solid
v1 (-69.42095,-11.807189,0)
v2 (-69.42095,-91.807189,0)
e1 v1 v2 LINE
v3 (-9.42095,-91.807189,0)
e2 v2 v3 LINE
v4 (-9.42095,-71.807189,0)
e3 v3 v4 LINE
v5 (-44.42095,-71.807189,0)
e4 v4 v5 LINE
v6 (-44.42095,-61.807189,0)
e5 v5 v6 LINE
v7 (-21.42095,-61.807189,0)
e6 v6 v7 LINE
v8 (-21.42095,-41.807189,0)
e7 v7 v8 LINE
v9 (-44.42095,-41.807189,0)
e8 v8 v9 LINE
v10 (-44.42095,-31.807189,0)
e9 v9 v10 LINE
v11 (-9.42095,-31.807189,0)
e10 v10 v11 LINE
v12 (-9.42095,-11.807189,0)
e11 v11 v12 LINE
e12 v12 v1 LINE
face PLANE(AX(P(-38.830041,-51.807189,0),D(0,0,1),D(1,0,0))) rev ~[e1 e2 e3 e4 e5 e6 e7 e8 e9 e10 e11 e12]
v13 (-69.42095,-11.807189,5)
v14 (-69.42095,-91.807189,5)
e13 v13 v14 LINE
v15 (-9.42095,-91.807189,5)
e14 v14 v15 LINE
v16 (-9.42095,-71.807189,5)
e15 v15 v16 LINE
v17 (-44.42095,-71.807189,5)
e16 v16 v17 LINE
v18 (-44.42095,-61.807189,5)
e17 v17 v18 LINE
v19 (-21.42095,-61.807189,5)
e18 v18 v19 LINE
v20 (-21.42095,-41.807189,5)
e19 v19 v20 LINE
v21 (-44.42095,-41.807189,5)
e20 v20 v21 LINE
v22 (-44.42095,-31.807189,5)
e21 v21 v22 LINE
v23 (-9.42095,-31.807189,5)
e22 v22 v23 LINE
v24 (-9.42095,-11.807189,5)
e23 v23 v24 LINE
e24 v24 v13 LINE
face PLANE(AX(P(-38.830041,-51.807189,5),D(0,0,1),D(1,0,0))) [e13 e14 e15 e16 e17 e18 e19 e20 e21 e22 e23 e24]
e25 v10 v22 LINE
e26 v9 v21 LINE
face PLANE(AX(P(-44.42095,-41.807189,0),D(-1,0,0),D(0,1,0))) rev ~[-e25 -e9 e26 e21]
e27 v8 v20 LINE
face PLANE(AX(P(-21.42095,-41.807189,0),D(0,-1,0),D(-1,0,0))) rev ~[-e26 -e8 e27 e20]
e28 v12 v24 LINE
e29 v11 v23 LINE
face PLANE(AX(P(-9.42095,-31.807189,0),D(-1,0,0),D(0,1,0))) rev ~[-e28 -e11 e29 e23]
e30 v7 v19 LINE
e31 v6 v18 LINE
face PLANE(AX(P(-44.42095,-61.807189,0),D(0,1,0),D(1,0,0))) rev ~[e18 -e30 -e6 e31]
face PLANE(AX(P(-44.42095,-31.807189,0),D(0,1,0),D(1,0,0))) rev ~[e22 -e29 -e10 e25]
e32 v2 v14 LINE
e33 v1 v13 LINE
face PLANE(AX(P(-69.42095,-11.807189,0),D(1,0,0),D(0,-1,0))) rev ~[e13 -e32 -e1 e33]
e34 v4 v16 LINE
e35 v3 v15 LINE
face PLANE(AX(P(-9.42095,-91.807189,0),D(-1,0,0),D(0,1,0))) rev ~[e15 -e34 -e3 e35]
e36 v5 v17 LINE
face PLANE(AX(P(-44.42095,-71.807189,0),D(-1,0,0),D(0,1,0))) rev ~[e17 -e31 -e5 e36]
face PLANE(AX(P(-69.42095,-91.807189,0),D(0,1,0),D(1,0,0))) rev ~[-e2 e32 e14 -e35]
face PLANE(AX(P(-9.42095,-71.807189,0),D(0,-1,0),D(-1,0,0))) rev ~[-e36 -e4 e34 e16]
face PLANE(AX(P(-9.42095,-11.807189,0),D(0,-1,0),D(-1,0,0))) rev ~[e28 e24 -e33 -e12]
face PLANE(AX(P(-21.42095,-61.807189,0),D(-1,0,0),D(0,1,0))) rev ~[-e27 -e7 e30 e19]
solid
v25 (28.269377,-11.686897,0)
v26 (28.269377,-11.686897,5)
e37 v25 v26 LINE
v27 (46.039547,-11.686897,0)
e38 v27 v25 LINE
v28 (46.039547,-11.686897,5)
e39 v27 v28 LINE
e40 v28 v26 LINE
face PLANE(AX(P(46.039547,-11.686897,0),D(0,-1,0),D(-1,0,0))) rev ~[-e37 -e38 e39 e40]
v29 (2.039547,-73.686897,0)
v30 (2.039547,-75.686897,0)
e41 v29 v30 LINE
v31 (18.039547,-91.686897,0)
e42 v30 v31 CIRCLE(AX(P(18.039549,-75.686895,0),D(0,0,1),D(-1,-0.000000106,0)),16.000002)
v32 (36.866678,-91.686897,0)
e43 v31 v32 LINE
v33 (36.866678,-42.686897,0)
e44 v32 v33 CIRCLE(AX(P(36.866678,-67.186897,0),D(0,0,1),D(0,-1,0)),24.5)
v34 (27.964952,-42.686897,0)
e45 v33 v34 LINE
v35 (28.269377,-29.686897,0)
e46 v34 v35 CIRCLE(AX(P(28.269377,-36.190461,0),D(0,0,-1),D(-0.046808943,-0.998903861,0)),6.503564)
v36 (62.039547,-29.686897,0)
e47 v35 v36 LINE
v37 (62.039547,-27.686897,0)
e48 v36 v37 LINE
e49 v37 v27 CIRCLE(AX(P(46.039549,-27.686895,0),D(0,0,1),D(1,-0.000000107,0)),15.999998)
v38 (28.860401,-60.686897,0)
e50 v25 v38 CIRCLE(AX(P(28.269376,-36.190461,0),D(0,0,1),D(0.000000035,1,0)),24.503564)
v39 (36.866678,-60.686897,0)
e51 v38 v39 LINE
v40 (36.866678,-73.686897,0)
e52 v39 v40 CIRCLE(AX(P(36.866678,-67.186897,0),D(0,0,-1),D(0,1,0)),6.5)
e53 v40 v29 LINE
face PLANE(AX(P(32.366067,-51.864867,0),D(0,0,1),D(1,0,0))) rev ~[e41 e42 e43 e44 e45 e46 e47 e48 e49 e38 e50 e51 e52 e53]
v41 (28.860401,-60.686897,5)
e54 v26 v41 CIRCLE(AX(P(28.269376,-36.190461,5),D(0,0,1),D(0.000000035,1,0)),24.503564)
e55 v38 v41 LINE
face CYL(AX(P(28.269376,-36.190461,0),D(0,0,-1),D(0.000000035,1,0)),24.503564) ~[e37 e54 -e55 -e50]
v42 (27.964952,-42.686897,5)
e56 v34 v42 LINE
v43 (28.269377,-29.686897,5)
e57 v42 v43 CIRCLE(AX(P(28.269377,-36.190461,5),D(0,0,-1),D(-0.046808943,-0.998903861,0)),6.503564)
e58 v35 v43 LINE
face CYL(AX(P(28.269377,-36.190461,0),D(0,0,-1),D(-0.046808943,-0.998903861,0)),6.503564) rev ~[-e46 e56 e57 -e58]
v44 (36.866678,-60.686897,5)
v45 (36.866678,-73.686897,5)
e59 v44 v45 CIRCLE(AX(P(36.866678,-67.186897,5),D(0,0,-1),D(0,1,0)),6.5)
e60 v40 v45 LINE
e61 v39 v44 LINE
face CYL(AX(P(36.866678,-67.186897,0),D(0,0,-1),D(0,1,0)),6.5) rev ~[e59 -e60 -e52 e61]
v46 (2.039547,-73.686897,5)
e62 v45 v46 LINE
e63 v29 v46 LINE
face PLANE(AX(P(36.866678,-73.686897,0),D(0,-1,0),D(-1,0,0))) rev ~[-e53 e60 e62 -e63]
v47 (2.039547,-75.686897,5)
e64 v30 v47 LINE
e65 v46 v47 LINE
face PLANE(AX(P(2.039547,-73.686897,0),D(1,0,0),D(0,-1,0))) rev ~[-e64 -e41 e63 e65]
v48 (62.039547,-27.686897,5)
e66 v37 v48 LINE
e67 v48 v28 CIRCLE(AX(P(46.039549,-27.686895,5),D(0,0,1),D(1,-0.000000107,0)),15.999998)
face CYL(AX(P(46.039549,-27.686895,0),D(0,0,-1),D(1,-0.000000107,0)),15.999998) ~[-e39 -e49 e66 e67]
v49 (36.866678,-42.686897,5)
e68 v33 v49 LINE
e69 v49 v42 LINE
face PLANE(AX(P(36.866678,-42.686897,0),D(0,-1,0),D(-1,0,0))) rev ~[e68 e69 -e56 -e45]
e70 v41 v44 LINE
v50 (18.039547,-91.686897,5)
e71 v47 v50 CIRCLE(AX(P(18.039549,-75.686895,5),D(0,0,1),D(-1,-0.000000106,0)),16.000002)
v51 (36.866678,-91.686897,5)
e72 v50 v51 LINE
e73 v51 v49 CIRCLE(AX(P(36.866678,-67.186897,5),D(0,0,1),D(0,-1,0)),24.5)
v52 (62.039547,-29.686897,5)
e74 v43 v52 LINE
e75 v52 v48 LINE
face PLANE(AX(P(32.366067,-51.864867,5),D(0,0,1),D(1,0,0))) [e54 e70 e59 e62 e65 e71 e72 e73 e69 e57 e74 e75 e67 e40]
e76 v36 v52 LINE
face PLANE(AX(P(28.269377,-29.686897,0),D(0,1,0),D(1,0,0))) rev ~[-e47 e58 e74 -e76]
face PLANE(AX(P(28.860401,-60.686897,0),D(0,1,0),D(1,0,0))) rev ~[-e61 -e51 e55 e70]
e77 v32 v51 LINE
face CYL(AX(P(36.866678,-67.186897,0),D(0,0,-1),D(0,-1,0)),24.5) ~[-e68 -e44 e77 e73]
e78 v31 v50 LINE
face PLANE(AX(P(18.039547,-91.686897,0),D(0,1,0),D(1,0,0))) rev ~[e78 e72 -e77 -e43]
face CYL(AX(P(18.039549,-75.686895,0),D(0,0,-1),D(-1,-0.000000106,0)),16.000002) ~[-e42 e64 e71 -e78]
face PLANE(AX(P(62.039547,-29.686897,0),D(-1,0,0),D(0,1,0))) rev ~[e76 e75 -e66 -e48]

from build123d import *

# Parameters (mm, degrees)
F1_DEPTH = 5


with BuildPart() as f1:
    # F0 (on Top) → F1 (new body)
    with BuildSketch(Plane.XY):
        Polygon((-9.42095, -11.807189), (-69.42095, -11.807189), (-69.42095, -91.807189), (-9.42095, -91.807189), (-9.42095, -71.807189), (-44.42095, -71.807189), (-44.42095, -61.807189), (-21.42095, -61.807189), (-21.42095, -41.807189), (-44.42095, -41.807189), (-44.42095, -31.807189), (-9.42095, -31.807189), align=None)
        with BuildLine():
            Line((46.039547, -11.686897), (28.269377, -11.686897))
            ThreePointArc((28.269377, -11.686897), (3.767594, -36.485995), (28.860401, -60.686897))
            Line((28.860401, -60.686897), (36.866678, -60.686897))
            ThreePointArc((36.866678, -60.686897), (43.366678, -67.186897), (36.866678, -73.686897))
            Line((36.866678, -73.686897), (2.039547, -73.686897))
            Line((2.039547, -73.686897), (2.039547, -75.686897))
            ThreePointArc((2.039547, -75.686897), (6.725839, -87.000605), (18.039547, -91.686897))
            Line((18.039547, -91.686897), (36.866678, -91.686897))
            ThreePointArc((36.866678, -91.686897), (61.366678, -67.186897), (36.866678, -42.686897))
            Line((36.866678, -42.686897), (28.573801, -42.686897))
            ThreePointArc((28.573801, -42.686897), (28.269377, -42.694026), (27.964952, -42.686897))
            ThreePointArc((27.964952, -42.686897), (21.767595, -36.038208), (28.269377, -29.686897))
            Line((28.269377, -29.686897), (62.039547, -29.686897))
            Line((62.039547, -29.686897), (62.039547, -27.686897))
            ThreePointArc((62.039547, -27.686897), (57.353256, -16.373188), (46.039547, -11.686897))
        make_face()
        with BuildLine():
            Line((28.573801, -42.686897), (27.964952, -42.686897))
            ThreePointArc((27.964952, -42.686897), (28.269377, -42.694026), (28.573801, -42.686897))
        make_face()
    extrude(amount=F1_DEPTH)


solid = f1.part
